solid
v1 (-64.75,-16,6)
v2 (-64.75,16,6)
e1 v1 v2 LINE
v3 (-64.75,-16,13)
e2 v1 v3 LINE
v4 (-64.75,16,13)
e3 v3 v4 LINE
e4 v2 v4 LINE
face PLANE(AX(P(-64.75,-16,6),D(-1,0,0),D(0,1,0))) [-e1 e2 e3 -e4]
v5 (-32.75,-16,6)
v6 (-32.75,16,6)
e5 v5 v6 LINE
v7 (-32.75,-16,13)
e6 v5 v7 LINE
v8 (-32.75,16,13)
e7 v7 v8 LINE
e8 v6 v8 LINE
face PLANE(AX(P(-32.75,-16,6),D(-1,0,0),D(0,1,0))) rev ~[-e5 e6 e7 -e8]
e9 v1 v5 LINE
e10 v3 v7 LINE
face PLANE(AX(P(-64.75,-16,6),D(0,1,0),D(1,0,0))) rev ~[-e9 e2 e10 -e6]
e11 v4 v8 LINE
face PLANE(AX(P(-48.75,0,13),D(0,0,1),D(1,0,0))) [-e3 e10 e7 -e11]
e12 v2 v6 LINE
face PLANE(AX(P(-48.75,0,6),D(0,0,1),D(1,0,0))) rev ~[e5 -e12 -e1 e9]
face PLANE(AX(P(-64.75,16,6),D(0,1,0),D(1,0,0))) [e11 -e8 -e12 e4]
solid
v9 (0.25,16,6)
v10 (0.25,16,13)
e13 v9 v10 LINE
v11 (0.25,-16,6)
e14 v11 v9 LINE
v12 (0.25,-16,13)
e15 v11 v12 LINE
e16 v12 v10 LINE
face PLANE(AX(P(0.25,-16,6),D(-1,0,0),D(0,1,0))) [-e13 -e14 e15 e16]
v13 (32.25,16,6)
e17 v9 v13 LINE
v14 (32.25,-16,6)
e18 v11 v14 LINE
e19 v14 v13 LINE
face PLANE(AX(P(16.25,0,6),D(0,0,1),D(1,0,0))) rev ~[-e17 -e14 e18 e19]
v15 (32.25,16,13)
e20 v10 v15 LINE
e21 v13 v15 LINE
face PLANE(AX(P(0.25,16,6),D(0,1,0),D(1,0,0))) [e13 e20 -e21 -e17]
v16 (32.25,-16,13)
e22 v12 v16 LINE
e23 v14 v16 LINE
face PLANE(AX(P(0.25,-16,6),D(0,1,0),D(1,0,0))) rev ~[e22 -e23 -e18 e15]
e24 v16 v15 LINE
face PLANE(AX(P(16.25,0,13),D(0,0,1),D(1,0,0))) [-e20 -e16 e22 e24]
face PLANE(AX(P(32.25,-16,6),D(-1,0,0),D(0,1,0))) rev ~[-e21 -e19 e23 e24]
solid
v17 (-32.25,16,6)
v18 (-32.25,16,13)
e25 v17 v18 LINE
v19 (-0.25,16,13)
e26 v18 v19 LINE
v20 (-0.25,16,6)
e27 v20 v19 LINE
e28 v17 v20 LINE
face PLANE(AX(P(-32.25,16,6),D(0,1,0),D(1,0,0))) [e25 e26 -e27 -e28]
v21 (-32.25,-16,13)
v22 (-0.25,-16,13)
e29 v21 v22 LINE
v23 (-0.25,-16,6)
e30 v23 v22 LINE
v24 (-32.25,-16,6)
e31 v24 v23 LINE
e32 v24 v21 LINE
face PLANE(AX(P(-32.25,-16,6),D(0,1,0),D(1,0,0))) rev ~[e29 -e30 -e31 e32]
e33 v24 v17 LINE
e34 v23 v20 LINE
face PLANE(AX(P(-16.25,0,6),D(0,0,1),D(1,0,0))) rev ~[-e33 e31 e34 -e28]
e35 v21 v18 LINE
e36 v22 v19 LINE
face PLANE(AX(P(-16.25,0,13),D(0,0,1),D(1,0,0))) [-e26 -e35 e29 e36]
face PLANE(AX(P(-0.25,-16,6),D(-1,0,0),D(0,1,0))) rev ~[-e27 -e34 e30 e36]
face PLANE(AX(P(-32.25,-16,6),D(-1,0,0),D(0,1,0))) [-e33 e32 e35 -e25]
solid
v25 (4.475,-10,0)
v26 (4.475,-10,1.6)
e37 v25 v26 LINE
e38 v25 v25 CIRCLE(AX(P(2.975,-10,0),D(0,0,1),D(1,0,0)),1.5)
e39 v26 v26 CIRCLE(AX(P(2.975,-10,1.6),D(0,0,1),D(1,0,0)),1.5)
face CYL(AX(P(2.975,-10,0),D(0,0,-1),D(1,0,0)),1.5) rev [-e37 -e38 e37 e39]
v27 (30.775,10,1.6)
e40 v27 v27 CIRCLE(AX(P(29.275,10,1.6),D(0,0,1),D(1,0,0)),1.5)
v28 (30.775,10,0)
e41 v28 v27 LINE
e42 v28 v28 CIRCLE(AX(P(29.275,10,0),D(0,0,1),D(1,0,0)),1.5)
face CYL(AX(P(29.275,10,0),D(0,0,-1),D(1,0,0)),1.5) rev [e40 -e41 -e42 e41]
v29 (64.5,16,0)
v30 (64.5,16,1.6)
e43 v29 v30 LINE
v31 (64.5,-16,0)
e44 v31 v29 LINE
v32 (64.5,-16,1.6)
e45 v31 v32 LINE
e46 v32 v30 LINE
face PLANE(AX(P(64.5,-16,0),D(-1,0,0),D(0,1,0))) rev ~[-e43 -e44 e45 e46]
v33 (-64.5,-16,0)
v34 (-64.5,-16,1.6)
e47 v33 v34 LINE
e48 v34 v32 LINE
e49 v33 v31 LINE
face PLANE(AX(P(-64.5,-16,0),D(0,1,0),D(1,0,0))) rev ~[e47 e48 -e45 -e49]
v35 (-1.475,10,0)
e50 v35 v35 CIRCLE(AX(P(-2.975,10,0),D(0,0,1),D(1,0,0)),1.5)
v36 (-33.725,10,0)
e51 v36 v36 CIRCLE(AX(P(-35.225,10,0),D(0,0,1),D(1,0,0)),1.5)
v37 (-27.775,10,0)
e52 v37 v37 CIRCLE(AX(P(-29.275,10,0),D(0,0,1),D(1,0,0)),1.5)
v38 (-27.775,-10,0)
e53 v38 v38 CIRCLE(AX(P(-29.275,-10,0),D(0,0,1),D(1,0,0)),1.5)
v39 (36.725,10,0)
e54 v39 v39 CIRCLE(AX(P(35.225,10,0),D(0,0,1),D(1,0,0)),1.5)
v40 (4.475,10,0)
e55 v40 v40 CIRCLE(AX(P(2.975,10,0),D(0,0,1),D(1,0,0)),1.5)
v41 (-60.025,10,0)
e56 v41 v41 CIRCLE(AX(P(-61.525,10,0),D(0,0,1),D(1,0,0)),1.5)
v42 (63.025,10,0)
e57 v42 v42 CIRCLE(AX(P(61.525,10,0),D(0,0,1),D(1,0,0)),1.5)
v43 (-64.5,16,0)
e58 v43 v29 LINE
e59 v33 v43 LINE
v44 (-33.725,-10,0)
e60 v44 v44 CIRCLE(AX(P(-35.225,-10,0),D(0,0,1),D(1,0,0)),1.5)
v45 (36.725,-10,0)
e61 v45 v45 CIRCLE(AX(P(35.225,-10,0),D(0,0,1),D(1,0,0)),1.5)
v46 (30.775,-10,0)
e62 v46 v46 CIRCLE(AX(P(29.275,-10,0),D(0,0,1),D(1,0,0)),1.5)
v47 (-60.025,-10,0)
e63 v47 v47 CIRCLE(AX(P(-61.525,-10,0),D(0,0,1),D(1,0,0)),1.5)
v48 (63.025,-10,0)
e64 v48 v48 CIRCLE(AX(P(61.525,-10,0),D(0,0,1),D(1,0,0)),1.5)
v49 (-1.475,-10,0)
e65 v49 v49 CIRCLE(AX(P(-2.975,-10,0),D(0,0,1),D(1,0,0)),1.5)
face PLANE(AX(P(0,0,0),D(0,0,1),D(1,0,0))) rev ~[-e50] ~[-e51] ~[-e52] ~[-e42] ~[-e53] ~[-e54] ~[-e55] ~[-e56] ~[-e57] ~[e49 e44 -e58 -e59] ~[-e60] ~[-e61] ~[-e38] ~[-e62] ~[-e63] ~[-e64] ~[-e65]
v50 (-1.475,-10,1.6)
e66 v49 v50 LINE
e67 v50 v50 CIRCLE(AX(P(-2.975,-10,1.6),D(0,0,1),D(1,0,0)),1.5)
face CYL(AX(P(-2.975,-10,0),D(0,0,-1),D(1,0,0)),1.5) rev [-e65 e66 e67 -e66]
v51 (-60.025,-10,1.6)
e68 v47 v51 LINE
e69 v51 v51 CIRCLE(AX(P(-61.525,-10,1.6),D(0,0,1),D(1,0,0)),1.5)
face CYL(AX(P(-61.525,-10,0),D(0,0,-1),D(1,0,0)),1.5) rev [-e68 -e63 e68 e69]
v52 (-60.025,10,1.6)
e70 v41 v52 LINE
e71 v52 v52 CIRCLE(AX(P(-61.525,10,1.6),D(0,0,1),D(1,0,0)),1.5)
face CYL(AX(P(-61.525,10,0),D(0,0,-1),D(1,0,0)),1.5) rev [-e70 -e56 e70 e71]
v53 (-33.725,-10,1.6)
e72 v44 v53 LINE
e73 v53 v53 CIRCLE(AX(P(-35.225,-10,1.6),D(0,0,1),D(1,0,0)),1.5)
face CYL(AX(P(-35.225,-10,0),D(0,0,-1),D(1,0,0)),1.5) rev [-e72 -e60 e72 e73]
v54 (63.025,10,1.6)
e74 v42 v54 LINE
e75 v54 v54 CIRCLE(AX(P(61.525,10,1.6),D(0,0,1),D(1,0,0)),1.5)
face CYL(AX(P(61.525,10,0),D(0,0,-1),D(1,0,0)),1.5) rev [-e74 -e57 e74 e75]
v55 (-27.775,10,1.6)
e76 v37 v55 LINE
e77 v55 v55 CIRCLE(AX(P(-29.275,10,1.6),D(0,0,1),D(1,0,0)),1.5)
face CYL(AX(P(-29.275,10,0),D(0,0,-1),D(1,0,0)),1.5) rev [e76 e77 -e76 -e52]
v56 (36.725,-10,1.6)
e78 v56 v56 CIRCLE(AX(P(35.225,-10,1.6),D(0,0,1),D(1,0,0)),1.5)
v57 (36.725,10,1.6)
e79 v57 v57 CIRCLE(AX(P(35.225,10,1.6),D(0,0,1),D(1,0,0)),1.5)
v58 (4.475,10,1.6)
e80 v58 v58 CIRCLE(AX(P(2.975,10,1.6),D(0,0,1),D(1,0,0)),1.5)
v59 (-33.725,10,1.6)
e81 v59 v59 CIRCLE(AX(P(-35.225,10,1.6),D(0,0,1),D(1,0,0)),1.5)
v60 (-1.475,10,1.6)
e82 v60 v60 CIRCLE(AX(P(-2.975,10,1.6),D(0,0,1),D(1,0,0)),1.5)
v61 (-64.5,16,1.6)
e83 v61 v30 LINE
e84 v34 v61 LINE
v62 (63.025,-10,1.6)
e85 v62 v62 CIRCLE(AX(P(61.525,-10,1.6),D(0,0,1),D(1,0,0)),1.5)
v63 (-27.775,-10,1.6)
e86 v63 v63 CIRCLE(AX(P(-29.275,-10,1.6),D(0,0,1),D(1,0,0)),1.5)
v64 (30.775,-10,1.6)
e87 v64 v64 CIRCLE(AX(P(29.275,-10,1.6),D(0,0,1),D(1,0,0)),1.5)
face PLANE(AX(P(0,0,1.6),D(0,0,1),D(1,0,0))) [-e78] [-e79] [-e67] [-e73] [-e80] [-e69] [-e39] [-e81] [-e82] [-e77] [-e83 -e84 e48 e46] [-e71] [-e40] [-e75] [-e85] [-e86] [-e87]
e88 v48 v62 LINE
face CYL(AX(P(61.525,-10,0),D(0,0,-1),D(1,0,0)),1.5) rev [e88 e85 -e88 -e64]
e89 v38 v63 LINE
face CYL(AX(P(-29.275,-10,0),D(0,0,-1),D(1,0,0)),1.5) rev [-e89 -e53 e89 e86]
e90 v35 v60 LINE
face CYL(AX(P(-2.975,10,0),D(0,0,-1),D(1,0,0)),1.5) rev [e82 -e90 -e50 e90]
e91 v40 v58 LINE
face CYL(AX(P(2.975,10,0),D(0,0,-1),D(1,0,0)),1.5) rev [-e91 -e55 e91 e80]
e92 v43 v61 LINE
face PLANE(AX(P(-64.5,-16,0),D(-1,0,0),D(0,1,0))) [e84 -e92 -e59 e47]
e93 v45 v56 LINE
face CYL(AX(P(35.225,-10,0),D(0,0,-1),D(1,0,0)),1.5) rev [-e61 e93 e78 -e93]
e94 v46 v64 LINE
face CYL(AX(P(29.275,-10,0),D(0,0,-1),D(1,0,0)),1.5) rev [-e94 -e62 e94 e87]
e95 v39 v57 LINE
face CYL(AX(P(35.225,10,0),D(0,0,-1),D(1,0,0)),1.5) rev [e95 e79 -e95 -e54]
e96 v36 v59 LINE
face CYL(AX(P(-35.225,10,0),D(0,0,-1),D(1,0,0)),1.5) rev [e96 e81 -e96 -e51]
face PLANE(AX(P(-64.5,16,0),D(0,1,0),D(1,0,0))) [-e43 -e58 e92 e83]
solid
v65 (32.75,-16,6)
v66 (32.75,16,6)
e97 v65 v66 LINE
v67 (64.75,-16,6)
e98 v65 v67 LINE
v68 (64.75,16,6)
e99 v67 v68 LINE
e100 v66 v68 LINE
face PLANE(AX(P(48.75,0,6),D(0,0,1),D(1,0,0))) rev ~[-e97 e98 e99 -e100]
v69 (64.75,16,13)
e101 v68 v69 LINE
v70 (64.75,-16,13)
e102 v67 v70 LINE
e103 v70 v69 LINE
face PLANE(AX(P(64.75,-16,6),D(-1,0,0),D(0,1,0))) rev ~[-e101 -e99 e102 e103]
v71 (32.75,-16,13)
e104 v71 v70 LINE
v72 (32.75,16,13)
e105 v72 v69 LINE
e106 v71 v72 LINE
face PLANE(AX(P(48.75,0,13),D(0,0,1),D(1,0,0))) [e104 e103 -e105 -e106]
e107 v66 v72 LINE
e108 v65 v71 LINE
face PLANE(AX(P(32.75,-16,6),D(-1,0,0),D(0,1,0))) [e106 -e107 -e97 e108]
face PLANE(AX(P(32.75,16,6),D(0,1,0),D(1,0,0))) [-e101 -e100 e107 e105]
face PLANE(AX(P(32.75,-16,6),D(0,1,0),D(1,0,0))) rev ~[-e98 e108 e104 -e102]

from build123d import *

# Parameters (mm, degrees)
SKETCH_1_W        = 129
SKETCH_1_H        = 32
SKETCH_1_R        = 1.5
EXTRUDE_1_DEPTH   = 1.6
EXTRUDE_START     = 4.4
SKETCH_2_W        = 32
SKETCH_2_H        = 32
EXTRUDE_2_DEPTH   = 7
EXTRUDE_2_2_DEPTH = 7
EXTRUDE_2_3_DEPTH = 7
EXTRUDE_2_4_DEPTH = 7


with BuildPart() as part:
    # Эскиз1 → Бобышка-Вытянуть1 (new body)
    with BuildSketch(Plane.XY):
        Rectangle(SKETCH_1_W, SKETCH_1_H)
        with Locations((-61.525, 10)):
            Circle(SKETCH_1_R, mode=Mode.SUBTRACT)
        with Locations((-61.525, -10)):
            Circle(SKETCH_1_R, mode=Mode.SUBTRACT)
        with Locations((-35.225, -10)):
            Circle(SKETCH_1_R, mode=Mode.SUBTRACT)
        with Locations((-35.225, 10)):
            Circle(SKETCH_1_R, mode=Mode.SUBTRACT)
        with Locations((-29.275, 10)):
            Circle(SKETCH_1_R, mode=Mode.SUBTRACT)
        with Locations((-29.275, -10)):
            Circle(SKETCH_1_R, mode=Mode.SUBTRACT)
        with Locations((-2.975, 10)):
            Circle(SKETCH_1_R, mode=Mode.SUBTRACT)
        with Locations((-2.975, -10)):
            Circle(SKETCH_1_R, mode=Mode.SUBTRACT)
        with Locations((2.975, 10)):
            Circle(SKETCH_1_R, mode=Mode.SUBTRACT)
        with Locations((2.975, -10)):
            Circle(SKETCH_1_R, mode=Mode.SUBTRACT)
        with Locations((29.275, 10)):
            Circle(SKETCH_1_R, mode=Mode.SUBTRACT)
        with Locations((29.275, -10)):
            Circle(SKETCH_1_R, mode=Mode.SUBTRACT)
        with Locations((35.225, 10)):
            Circle(SKETCH_1_R, mode=Mode.SUBTRACT)
        with Locations((35.225, -10)):
            Circle(SKETCH_1_R, mode=Mode.SUBTRACT)
        with Locations((61.525, 10)):
            Circle(SKETCH_1_R, mode=Mode.SUBTRACT)
        with Locations((61.525, -10)):
            Circle(SKETCH_1_R, mode=Mode.SUBTRACT)
    extrude(amount=EXTRUDE_1_DEPTH)


with BuildPart() as body_2:
    # Эскиз2 → Бобышка-Вытянуть2 (new body)
    with BuildSketch(Plane.XY.offset(1.6).offset(EXTRUDE_START)):
        with Locations((-48.75, 0)):
            Rectangle(SKETCH_2_W, SKETCH_2_H)
    extrude(amount=EXTRUDE_2_DEPTH)


with BuildPart() as body_3:
    # Эскиз2 → Extrude 2 2 (new body)
    with BuildSketch(Plane.XY.offset(1.6).offset(EXTRUDE_START)):
        with Locations((-16.25, 0)):
            Rectangle(SKETCH_2_W, SKETCH_2_H)
    extrude(amount=EXTRUDE_2_2_DEPTH)


with BuildPart() as body_4:
    # Эскиз2 → Extrude 2 3 (new body)
    with BuildSketch(Plane.XY.offset(1.6).offset(EXTRUDE_START)):
        with Locations((16.25, 0)):
            Rectangle(SKETCH_2_W, SKETCH_2_H)
    extrude(amount=EXTRUDE_2_3_DEPTH)


with BuildPart() as body_5:
    # Эскиз2 → Extrude 2 4 (new body)
    with BuildSketch(Plane.XY.offset(1.6).offset(EXTRUDE_START)):
        with Locations((48.75, 0)):
            Rectangle(SKETCH_2_W, SKETCH_2_H)
    extrude(amount=EXTRUDE_2_4_DEPTH)


solid = Compound([part.part, body_2.part, body_3.part, body_4.part, body_5.part])
